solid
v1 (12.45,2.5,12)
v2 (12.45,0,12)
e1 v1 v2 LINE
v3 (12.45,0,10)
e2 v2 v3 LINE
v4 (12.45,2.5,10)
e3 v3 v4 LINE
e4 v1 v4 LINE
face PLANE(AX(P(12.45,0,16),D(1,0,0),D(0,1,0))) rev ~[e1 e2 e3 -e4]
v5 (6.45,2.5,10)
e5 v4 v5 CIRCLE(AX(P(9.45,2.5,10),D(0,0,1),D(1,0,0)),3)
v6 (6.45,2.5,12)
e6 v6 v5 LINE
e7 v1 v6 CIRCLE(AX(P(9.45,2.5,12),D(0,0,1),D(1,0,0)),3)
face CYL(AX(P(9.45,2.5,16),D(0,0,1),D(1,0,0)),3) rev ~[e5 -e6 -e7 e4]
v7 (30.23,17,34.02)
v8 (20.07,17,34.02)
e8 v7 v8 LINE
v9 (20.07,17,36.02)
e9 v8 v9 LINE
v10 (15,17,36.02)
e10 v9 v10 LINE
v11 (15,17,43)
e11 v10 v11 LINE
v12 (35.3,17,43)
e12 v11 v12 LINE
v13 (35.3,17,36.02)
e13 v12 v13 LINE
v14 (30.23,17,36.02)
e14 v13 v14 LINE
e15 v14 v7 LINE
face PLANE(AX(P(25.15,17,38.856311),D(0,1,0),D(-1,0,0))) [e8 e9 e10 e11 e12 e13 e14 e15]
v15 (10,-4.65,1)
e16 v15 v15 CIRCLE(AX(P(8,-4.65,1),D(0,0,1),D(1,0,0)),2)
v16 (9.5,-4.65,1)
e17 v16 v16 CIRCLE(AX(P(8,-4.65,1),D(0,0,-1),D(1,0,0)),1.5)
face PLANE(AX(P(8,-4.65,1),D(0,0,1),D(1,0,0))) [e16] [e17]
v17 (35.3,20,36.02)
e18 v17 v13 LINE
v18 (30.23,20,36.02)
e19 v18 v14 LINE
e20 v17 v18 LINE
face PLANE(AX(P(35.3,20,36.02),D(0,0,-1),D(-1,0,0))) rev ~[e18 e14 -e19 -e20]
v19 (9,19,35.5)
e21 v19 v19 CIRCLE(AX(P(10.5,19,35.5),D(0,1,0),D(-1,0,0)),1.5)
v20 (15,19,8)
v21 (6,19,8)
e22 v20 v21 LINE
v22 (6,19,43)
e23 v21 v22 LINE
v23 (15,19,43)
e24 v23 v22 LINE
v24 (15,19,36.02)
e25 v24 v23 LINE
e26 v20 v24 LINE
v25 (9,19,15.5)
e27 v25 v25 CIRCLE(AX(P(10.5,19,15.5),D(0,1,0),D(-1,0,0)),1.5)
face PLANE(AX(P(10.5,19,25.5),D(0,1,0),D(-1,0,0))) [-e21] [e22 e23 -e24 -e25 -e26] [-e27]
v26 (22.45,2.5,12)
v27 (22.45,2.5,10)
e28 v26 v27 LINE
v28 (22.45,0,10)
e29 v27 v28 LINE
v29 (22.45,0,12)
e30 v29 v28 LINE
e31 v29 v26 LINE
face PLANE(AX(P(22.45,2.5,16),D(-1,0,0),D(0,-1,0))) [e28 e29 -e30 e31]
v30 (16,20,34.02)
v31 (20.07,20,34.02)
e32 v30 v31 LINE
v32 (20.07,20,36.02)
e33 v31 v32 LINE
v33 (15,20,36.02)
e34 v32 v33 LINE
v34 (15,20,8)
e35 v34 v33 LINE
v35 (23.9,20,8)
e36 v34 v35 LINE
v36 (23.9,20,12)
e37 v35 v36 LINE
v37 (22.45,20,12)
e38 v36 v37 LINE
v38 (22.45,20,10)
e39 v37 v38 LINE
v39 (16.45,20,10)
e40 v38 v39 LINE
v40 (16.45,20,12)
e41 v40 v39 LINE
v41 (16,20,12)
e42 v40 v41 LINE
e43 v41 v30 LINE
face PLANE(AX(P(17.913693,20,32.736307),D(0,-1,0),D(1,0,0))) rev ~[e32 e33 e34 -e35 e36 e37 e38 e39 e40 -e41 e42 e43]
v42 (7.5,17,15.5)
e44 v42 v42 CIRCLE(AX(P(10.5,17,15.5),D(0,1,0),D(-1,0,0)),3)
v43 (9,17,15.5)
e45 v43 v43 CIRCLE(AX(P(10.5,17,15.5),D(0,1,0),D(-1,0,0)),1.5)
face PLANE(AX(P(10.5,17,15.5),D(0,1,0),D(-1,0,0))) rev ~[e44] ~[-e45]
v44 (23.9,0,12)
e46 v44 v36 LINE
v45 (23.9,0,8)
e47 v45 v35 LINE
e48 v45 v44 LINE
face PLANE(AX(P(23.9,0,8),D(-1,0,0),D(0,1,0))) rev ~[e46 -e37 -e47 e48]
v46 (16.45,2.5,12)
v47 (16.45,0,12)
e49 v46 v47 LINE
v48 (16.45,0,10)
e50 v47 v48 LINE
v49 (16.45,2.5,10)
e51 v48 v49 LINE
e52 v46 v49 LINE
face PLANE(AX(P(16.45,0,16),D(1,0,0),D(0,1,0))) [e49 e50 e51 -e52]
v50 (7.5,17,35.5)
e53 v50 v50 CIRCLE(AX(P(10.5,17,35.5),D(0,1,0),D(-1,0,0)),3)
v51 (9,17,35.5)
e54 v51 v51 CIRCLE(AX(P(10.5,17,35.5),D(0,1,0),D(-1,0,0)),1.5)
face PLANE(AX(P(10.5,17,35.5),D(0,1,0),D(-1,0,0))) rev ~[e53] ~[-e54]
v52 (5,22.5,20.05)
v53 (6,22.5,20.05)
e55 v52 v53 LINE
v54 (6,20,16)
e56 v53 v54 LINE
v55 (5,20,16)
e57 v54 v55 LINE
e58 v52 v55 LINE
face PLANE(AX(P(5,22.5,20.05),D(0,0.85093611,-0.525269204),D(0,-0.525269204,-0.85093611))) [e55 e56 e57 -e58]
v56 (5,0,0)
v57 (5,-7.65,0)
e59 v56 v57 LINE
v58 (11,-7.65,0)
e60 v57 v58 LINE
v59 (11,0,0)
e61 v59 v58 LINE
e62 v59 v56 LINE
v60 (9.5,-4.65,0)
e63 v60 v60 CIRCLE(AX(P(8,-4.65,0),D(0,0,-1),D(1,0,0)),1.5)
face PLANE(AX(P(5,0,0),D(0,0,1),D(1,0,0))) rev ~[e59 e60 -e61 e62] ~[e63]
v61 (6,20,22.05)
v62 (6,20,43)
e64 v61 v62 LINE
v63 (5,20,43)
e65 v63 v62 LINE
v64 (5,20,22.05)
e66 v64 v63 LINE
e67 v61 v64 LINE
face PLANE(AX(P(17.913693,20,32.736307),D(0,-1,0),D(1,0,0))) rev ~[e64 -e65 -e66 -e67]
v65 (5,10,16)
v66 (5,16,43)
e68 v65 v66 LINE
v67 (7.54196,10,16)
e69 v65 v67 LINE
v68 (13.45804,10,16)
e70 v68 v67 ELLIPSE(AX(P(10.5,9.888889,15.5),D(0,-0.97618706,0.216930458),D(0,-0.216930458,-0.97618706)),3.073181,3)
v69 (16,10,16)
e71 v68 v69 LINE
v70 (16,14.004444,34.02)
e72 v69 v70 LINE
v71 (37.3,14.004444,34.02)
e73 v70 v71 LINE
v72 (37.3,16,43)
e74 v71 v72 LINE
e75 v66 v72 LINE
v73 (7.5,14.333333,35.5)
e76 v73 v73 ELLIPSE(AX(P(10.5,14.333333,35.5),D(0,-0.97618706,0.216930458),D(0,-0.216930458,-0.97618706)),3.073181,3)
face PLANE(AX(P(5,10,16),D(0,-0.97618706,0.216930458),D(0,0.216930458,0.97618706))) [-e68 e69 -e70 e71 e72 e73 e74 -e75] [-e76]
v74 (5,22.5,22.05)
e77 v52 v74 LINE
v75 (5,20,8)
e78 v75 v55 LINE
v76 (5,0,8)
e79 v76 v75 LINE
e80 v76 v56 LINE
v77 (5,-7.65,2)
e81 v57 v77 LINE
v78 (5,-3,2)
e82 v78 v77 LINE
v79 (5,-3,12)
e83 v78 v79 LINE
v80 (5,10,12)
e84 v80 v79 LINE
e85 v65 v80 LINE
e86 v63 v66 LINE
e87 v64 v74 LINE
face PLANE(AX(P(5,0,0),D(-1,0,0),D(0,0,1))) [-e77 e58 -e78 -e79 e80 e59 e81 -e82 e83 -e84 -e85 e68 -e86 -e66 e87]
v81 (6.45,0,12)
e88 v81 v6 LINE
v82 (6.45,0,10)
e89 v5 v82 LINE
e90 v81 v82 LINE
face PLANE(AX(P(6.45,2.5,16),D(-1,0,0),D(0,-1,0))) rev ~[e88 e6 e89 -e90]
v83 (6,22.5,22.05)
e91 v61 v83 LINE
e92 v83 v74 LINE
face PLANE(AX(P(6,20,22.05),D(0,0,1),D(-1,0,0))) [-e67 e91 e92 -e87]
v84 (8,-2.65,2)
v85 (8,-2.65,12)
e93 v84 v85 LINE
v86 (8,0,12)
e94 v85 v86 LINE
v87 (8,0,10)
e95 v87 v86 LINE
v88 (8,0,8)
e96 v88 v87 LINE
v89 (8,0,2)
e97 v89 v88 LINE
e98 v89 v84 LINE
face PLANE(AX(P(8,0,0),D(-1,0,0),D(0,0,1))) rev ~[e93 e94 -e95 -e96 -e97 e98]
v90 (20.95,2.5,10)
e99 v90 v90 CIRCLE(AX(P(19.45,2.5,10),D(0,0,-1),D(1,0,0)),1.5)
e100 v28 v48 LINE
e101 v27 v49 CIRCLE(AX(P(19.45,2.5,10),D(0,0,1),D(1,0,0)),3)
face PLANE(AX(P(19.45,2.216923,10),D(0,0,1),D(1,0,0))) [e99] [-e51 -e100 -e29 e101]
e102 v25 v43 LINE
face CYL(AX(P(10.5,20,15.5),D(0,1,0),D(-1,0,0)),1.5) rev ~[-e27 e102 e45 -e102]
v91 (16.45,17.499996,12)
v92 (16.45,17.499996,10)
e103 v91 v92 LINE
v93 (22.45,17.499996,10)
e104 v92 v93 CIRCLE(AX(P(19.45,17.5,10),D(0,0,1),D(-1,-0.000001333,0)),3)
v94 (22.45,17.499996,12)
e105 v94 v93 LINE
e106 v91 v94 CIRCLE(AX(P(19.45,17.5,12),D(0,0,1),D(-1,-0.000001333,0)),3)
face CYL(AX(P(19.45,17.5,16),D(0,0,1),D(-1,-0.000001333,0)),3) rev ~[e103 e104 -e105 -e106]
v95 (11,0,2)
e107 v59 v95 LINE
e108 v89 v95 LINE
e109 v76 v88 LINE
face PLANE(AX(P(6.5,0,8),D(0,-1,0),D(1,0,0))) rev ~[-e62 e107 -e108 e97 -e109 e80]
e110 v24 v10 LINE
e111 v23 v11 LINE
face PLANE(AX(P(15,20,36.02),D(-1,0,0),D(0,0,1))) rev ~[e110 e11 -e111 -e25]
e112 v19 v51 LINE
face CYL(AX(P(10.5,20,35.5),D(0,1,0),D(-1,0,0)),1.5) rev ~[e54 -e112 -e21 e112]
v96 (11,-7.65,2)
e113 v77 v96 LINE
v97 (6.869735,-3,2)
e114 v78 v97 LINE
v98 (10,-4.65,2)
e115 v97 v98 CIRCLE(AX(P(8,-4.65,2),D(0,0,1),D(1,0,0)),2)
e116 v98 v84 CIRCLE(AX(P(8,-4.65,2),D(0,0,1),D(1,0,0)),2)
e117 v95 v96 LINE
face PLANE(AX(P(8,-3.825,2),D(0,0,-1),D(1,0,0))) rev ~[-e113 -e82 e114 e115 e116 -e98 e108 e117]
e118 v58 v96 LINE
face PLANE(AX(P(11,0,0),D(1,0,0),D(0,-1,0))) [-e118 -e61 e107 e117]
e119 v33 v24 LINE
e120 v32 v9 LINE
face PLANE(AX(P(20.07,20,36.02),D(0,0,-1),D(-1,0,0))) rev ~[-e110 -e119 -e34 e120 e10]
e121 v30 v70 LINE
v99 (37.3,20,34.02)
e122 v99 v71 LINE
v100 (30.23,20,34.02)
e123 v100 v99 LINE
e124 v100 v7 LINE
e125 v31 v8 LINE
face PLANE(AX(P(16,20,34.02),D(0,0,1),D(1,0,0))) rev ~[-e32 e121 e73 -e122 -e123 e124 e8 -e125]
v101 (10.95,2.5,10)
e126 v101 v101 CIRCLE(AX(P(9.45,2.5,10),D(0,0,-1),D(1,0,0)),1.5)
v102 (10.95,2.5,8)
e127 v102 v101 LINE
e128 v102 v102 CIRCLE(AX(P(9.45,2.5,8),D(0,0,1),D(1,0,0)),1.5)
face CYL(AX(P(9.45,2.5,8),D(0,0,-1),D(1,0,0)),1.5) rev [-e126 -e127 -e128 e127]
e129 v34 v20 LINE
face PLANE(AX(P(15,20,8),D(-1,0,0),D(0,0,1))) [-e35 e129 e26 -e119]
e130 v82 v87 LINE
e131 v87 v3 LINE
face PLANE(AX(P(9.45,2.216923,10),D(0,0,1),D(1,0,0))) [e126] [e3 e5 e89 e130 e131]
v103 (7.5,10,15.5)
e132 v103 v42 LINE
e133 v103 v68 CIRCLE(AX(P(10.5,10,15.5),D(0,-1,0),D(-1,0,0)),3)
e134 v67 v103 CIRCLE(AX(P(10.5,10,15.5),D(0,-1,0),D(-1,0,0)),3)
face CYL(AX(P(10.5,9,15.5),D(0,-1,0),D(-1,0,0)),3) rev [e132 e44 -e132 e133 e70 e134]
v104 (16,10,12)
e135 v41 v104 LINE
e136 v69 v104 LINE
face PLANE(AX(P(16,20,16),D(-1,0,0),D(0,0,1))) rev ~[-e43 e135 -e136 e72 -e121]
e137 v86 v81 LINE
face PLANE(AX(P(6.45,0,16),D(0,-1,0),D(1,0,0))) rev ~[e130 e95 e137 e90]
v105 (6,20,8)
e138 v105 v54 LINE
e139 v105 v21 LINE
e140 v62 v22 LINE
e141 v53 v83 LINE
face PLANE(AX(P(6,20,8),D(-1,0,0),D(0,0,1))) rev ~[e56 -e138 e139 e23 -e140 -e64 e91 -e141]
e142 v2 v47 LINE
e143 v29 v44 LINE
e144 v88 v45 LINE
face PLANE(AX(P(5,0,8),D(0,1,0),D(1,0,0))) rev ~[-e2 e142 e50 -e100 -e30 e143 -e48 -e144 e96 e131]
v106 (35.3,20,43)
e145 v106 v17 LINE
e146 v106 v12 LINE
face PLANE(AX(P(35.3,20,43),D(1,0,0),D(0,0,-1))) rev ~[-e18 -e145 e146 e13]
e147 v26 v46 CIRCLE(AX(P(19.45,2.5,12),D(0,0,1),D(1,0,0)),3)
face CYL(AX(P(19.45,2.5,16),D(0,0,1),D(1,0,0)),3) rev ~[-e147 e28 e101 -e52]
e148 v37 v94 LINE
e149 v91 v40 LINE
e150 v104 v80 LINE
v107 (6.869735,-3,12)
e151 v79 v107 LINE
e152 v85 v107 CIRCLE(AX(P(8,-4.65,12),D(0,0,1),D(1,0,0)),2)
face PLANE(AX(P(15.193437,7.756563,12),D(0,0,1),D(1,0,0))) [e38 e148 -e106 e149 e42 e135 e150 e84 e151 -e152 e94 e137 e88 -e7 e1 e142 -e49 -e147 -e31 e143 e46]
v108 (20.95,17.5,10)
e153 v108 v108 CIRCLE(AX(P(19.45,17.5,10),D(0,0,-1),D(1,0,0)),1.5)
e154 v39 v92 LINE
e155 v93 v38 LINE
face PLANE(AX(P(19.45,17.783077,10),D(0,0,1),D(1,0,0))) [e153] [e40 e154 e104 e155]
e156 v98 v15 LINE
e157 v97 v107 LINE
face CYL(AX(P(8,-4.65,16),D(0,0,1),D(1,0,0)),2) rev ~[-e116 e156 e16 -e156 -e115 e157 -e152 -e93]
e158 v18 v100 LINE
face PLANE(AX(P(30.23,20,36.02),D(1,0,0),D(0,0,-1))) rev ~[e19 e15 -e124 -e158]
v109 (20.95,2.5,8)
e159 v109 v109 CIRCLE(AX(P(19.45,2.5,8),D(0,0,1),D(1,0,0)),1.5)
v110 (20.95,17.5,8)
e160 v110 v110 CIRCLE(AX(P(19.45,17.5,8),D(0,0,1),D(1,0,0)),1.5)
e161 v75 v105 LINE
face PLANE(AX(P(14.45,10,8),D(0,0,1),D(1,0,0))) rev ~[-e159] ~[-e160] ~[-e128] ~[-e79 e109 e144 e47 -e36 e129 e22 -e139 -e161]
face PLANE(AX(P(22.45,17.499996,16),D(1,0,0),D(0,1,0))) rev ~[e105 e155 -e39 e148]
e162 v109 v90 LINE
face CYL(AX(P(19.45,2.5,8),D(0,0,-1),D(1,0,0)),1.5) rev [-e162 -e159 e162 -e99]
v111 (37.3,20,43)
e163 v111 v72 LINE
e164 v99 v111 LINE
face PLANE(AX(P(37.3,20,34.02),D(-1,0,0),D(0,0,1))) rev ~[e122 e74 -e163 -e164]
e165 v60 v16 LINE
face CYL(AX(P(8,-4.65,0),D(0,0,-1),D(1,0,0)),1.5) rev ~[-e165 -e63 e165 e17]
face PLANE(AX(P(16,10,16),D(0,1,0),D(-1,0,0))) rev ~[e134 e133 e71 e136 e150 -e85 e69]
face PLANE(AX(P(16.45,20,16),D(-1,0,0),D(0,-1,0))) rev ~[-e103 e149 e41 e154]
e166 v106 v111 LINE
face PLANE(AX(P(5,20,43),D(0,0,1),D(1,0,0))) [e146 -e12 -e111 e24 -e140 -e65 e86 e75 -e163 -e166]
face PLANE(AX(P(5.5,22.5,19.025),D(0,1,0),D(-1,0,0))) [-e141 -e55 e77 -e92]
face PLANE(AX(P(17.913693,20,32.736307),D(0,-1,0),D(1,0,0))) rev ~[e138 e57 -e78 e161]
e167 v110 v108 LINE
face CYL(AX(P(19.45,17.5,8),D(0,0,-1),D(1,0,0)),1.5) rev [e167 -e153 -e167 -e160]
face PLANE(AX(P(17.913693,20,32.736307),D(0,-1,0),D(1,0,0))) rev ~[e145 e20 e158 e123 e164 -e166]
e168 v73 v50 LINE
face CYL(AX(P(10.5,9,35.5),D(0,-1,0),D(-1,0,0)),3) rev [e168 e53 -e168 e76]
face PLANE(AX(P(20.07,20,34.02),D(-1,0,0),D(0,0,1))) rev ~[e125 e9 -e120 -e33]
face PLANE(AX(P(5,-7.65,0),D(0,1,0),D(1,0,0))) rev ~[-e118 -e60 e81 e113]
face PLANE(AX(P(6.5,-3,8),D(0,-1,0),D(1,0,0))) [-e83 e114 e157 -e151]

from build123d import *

# Parameters (mm, degrees)
SKETCH_W        = 18.9
SKETCH_H        = 20
SKETCH_R        = 1.5
PAD_DEPTH       = 8
SKETCH001_W     = 3
SKETCH001_H     = 16
PAD001_DEPTH    = 3
SKETCH002_W     = 6
SKETCH002_H     = 7.65
SKETCH002_R     = 1.5
PAD002_DEPTH    = 2
SKETCH003_R     = 2
POCKET_DEPTH    = 15
PAD003_DEPTH    = 10
SKETCH005_R     = 1.5
POCKET001_DEPTH = 10
SKETCH006_W     = 9
SKETCH006_H     = 35
POCKET002_DEPTH = 1
POCKET003_DEPTH = 3
SKETCH008_W     = 1
SKETCH008_H     = 6.05
PAD004_DEPTH    = 2.5
POCKET004_DEPTH = 32.301
POCKET005_DEPTH = 32.301
POCKET014_DEPTH = 6
POCKET015_DEPTH = 4
SKETCH023_R     = 3
POCKET017_DEPTH = 8


with BuildPart() as part:
    # Sketch (on Face6 of Binder) → Pad (new body)
    with BuildSketch(Plane.XY.offset(8)):
        with Locations((14.45, 10)):
            Rectangle(SKETCH_W, SKETCH_H)
        with Locations((19.45, 17.5)):
            Circle(SKETCH_R, mode=Mode.SUBTRACT)
        with Locations((9.45, 2.5)):
            Circle(SKETCH_R, mode=Mode.SUBTRACT)
        with Locations((19.45, 2.5)):
            Circle(SKETCH_R, mode=Mode.SUBTRACT)
    extrude(amount=PAD_DEPTH)

    # Sketch001 (on Face3 of Pad) → Pad001 (join)
    with BuildSketch(Plane.XZ):
        with Locations((6.5, 8)):
            Rectangle(SKETCH001_W, SKETCH001_H)
    extrude(amount=PAD001_DEPTH)

    # Sketch002 (on Face13 of Pad001) → Pad002 (join)
    with BuildSketch(Plane(origin=(0, 0, 0), x_dir=(1, 0, 0), z_dir=(0, 0, -1))):
        with Locations((8, 3.825)):
            Rectangle(SKETCH002_W, SKETCH002_H)
        with Locations((8, 4.65)):
            Circle(SKETCH002_R, mode=Mode.SUBTRACT)
    extrude(amount=-PAD002_DEPTH)

    # Sketch003 (on Face12 of Pad002) → Pocket (cut)
    with BuildSketch(Plane.XY.offset(16)):
        with Locations((8, -4.65)):
            Circle(SKETCH003_R)
    extrude(amount=-POCKET_DEPTH, mode=Mode.SUBTRACT)

    # Sketch004 (on Face1 of Pocket) → Pad003 (join)
    with BuildSketch(Plane(origin=(0, 20, 0), x_dir=(-1, 0, 0), z_dir=(0, 1, 0))):
        Polygon((-5, 16), (-16, 16), (-16, 34.02), (-37.3, 34.02), (-37.3, 43), (-16, 43), (-5, 43), align=None)
    extrude(amount=-PAD003_DEPTH)

    # Sketch005 (on Face5 of Pad003) → Pocket001 (cut)
    with BuildSketch(Plane(origin=(0, 20, 0), x_dir=(-1, 0, 0), z_dir=(0, 1, 0))):
        with Locations((-10.5, 15.5)):
            Circle(SKETCH005_R)
        with Locations((-10.5, 35.5)):
            Circle(SKETCH005_R)
    extrude(amount=-POCKET001_DEPTH, mode=Mode.SUBTRACT)

    # Sketch006 (on Face5 of Pocket001) → Pocket002 (cut)
    with BuildSketch(Plane(origin=(0, 20, 0), x_dir=(-1, 0, 0), z_dir=(0, 1, 0))):
        with Locations((-10.5, 25.5)):
            Rectangle(SKETCH006_W, SKETCH006_H)
    extrude(amount=-POCKET002_DEPTH, mode=Mode.SUBTRACT)

    # Sketch007 (on Face21 of Pocket002) → Pocket003 (cut)
    with BuildSketch(Plane(origin=(0, 20, 0), x_dir=(-1, 0, 0), z_dir=(0, 1, 0))):
        Polygon((-15, 43), (-35.3, 43), (-35.3, 36.02), (-30.23, 36.02), (-30.23, 34.02), (-20.07, 34.02), (-20.07, 36.02), (-15, 36.02), align=None)
    extrude(amount=-POCKET003_DEPTH, mode=Mode.SUBTRACT)

    # Sketch008 (on Face4 of Pocket003) → Pad004 (join)
    with BuildSketch(Plane(origin=(0, 20, 0), x_dir=(-1, 0, 0), z_dir=(0, 1, 0))):
        with Locations((-5.5, 19.025)):
            Rectangle(SKETCH008_W, SKETCH008_H)
    extrude(amount=PAD004_DEPTH)

    # Sketch009 (on Face18 of Pad004) → Pocket004 (cut, through all)
    with BuildSketch(Plane(origin=(5, 0, 0), x_dir=(0, -1, 0), z_dir=(-1, 0, 0))):
        Polygon((-22.5, 20.05), (-20, 16), (-22.5, 16), align=None)
    extrude(amount=-POCKET004_DEPTH, mode=Mode.SUBTRACT)

    # Sketch010 (on Face22 of Pocket004) → Pocket005 (cut, through all)
    with BuildSketch(Plane(origin=(5, 0, 0), x_dir=(0, -1, 0), z_dir=(-1, 0, 0))):
        Polygon((-10, 16), (-16, 43), (-10, 43), align=None)
    extrude(amount=-POCKET005_DEPTH, mode=Mode.SUBTRACT)

    # Sketch020 (on Face21 of Pocket005) → Pocket014 (cut)
    with BuildSketch(Plane.XY.offset(16)):
        with BuildLine():
            ThreePointArc((16.45, 17.499996), (19.45, 14.5), (22.45, 17.499996))
            Line((22.45, 17.499996), (22.45, 20))
            Line((22.45, 20), (16.45, 20))
            Line((16.45, 20), (16.45, 17.499996))
        make_face()
        with BuildLine():
            ThreePointArc((22.45, 2.5), (19.45, 5.5), (16.45, 2.5))
            Line((16.45, 0), (16.45, 2.5))
            Line((22.45, 0), (16.45, 0))
            Line((22.45, 2.5), (22.45, 0))
        make_face()
        with BuildLine():
            ThreePointArc((12.45, 2.5), (9.45, 5.5), (6.45, 2.5))
            Line((6.45, 2.5), (6.45, 0))
            Line((6.45, 0), (12.45, 0))
            Line((12.45, 0), (12.45, 2.5))
        make_face()
    extrude(amount=-POCKET014_DEPTH, mode=Mode.SUBTRACT)

    # Sketch021 (on Face21 of Pocket014) → Pocket015 (cut)
    with BuildSketch(Plane.XY.offset(16)):
        Polygon((23.9, 0), (23.9, 10), (23.9, 20), (16, 20), (16, 10), (5, 10), (5, 0), (5, -3), (8, -3), (8, 0), align=None)
    extrude(amount=-POCKET015_DEPTH, mode=Mode.SUBTRACT)

    # Sketch023 (on Face6 of Pocket015) → Pocket017 (cut)
    with BuildSketch(Plane(origin=(0, 9, 0), x_dir=(-1, 0, 0), z_dir=(0, 1, 0))):
        with Locations((-10.5, 15.5)):
            Circle(SKETCH023_R)
        with Locations((-10.5, 35.5)):
            Circle(SKETCH023_R)
    extrude(amount=POCKET017_DEPTH, mode=Mode.SUBTRACT)


solid = part.part
